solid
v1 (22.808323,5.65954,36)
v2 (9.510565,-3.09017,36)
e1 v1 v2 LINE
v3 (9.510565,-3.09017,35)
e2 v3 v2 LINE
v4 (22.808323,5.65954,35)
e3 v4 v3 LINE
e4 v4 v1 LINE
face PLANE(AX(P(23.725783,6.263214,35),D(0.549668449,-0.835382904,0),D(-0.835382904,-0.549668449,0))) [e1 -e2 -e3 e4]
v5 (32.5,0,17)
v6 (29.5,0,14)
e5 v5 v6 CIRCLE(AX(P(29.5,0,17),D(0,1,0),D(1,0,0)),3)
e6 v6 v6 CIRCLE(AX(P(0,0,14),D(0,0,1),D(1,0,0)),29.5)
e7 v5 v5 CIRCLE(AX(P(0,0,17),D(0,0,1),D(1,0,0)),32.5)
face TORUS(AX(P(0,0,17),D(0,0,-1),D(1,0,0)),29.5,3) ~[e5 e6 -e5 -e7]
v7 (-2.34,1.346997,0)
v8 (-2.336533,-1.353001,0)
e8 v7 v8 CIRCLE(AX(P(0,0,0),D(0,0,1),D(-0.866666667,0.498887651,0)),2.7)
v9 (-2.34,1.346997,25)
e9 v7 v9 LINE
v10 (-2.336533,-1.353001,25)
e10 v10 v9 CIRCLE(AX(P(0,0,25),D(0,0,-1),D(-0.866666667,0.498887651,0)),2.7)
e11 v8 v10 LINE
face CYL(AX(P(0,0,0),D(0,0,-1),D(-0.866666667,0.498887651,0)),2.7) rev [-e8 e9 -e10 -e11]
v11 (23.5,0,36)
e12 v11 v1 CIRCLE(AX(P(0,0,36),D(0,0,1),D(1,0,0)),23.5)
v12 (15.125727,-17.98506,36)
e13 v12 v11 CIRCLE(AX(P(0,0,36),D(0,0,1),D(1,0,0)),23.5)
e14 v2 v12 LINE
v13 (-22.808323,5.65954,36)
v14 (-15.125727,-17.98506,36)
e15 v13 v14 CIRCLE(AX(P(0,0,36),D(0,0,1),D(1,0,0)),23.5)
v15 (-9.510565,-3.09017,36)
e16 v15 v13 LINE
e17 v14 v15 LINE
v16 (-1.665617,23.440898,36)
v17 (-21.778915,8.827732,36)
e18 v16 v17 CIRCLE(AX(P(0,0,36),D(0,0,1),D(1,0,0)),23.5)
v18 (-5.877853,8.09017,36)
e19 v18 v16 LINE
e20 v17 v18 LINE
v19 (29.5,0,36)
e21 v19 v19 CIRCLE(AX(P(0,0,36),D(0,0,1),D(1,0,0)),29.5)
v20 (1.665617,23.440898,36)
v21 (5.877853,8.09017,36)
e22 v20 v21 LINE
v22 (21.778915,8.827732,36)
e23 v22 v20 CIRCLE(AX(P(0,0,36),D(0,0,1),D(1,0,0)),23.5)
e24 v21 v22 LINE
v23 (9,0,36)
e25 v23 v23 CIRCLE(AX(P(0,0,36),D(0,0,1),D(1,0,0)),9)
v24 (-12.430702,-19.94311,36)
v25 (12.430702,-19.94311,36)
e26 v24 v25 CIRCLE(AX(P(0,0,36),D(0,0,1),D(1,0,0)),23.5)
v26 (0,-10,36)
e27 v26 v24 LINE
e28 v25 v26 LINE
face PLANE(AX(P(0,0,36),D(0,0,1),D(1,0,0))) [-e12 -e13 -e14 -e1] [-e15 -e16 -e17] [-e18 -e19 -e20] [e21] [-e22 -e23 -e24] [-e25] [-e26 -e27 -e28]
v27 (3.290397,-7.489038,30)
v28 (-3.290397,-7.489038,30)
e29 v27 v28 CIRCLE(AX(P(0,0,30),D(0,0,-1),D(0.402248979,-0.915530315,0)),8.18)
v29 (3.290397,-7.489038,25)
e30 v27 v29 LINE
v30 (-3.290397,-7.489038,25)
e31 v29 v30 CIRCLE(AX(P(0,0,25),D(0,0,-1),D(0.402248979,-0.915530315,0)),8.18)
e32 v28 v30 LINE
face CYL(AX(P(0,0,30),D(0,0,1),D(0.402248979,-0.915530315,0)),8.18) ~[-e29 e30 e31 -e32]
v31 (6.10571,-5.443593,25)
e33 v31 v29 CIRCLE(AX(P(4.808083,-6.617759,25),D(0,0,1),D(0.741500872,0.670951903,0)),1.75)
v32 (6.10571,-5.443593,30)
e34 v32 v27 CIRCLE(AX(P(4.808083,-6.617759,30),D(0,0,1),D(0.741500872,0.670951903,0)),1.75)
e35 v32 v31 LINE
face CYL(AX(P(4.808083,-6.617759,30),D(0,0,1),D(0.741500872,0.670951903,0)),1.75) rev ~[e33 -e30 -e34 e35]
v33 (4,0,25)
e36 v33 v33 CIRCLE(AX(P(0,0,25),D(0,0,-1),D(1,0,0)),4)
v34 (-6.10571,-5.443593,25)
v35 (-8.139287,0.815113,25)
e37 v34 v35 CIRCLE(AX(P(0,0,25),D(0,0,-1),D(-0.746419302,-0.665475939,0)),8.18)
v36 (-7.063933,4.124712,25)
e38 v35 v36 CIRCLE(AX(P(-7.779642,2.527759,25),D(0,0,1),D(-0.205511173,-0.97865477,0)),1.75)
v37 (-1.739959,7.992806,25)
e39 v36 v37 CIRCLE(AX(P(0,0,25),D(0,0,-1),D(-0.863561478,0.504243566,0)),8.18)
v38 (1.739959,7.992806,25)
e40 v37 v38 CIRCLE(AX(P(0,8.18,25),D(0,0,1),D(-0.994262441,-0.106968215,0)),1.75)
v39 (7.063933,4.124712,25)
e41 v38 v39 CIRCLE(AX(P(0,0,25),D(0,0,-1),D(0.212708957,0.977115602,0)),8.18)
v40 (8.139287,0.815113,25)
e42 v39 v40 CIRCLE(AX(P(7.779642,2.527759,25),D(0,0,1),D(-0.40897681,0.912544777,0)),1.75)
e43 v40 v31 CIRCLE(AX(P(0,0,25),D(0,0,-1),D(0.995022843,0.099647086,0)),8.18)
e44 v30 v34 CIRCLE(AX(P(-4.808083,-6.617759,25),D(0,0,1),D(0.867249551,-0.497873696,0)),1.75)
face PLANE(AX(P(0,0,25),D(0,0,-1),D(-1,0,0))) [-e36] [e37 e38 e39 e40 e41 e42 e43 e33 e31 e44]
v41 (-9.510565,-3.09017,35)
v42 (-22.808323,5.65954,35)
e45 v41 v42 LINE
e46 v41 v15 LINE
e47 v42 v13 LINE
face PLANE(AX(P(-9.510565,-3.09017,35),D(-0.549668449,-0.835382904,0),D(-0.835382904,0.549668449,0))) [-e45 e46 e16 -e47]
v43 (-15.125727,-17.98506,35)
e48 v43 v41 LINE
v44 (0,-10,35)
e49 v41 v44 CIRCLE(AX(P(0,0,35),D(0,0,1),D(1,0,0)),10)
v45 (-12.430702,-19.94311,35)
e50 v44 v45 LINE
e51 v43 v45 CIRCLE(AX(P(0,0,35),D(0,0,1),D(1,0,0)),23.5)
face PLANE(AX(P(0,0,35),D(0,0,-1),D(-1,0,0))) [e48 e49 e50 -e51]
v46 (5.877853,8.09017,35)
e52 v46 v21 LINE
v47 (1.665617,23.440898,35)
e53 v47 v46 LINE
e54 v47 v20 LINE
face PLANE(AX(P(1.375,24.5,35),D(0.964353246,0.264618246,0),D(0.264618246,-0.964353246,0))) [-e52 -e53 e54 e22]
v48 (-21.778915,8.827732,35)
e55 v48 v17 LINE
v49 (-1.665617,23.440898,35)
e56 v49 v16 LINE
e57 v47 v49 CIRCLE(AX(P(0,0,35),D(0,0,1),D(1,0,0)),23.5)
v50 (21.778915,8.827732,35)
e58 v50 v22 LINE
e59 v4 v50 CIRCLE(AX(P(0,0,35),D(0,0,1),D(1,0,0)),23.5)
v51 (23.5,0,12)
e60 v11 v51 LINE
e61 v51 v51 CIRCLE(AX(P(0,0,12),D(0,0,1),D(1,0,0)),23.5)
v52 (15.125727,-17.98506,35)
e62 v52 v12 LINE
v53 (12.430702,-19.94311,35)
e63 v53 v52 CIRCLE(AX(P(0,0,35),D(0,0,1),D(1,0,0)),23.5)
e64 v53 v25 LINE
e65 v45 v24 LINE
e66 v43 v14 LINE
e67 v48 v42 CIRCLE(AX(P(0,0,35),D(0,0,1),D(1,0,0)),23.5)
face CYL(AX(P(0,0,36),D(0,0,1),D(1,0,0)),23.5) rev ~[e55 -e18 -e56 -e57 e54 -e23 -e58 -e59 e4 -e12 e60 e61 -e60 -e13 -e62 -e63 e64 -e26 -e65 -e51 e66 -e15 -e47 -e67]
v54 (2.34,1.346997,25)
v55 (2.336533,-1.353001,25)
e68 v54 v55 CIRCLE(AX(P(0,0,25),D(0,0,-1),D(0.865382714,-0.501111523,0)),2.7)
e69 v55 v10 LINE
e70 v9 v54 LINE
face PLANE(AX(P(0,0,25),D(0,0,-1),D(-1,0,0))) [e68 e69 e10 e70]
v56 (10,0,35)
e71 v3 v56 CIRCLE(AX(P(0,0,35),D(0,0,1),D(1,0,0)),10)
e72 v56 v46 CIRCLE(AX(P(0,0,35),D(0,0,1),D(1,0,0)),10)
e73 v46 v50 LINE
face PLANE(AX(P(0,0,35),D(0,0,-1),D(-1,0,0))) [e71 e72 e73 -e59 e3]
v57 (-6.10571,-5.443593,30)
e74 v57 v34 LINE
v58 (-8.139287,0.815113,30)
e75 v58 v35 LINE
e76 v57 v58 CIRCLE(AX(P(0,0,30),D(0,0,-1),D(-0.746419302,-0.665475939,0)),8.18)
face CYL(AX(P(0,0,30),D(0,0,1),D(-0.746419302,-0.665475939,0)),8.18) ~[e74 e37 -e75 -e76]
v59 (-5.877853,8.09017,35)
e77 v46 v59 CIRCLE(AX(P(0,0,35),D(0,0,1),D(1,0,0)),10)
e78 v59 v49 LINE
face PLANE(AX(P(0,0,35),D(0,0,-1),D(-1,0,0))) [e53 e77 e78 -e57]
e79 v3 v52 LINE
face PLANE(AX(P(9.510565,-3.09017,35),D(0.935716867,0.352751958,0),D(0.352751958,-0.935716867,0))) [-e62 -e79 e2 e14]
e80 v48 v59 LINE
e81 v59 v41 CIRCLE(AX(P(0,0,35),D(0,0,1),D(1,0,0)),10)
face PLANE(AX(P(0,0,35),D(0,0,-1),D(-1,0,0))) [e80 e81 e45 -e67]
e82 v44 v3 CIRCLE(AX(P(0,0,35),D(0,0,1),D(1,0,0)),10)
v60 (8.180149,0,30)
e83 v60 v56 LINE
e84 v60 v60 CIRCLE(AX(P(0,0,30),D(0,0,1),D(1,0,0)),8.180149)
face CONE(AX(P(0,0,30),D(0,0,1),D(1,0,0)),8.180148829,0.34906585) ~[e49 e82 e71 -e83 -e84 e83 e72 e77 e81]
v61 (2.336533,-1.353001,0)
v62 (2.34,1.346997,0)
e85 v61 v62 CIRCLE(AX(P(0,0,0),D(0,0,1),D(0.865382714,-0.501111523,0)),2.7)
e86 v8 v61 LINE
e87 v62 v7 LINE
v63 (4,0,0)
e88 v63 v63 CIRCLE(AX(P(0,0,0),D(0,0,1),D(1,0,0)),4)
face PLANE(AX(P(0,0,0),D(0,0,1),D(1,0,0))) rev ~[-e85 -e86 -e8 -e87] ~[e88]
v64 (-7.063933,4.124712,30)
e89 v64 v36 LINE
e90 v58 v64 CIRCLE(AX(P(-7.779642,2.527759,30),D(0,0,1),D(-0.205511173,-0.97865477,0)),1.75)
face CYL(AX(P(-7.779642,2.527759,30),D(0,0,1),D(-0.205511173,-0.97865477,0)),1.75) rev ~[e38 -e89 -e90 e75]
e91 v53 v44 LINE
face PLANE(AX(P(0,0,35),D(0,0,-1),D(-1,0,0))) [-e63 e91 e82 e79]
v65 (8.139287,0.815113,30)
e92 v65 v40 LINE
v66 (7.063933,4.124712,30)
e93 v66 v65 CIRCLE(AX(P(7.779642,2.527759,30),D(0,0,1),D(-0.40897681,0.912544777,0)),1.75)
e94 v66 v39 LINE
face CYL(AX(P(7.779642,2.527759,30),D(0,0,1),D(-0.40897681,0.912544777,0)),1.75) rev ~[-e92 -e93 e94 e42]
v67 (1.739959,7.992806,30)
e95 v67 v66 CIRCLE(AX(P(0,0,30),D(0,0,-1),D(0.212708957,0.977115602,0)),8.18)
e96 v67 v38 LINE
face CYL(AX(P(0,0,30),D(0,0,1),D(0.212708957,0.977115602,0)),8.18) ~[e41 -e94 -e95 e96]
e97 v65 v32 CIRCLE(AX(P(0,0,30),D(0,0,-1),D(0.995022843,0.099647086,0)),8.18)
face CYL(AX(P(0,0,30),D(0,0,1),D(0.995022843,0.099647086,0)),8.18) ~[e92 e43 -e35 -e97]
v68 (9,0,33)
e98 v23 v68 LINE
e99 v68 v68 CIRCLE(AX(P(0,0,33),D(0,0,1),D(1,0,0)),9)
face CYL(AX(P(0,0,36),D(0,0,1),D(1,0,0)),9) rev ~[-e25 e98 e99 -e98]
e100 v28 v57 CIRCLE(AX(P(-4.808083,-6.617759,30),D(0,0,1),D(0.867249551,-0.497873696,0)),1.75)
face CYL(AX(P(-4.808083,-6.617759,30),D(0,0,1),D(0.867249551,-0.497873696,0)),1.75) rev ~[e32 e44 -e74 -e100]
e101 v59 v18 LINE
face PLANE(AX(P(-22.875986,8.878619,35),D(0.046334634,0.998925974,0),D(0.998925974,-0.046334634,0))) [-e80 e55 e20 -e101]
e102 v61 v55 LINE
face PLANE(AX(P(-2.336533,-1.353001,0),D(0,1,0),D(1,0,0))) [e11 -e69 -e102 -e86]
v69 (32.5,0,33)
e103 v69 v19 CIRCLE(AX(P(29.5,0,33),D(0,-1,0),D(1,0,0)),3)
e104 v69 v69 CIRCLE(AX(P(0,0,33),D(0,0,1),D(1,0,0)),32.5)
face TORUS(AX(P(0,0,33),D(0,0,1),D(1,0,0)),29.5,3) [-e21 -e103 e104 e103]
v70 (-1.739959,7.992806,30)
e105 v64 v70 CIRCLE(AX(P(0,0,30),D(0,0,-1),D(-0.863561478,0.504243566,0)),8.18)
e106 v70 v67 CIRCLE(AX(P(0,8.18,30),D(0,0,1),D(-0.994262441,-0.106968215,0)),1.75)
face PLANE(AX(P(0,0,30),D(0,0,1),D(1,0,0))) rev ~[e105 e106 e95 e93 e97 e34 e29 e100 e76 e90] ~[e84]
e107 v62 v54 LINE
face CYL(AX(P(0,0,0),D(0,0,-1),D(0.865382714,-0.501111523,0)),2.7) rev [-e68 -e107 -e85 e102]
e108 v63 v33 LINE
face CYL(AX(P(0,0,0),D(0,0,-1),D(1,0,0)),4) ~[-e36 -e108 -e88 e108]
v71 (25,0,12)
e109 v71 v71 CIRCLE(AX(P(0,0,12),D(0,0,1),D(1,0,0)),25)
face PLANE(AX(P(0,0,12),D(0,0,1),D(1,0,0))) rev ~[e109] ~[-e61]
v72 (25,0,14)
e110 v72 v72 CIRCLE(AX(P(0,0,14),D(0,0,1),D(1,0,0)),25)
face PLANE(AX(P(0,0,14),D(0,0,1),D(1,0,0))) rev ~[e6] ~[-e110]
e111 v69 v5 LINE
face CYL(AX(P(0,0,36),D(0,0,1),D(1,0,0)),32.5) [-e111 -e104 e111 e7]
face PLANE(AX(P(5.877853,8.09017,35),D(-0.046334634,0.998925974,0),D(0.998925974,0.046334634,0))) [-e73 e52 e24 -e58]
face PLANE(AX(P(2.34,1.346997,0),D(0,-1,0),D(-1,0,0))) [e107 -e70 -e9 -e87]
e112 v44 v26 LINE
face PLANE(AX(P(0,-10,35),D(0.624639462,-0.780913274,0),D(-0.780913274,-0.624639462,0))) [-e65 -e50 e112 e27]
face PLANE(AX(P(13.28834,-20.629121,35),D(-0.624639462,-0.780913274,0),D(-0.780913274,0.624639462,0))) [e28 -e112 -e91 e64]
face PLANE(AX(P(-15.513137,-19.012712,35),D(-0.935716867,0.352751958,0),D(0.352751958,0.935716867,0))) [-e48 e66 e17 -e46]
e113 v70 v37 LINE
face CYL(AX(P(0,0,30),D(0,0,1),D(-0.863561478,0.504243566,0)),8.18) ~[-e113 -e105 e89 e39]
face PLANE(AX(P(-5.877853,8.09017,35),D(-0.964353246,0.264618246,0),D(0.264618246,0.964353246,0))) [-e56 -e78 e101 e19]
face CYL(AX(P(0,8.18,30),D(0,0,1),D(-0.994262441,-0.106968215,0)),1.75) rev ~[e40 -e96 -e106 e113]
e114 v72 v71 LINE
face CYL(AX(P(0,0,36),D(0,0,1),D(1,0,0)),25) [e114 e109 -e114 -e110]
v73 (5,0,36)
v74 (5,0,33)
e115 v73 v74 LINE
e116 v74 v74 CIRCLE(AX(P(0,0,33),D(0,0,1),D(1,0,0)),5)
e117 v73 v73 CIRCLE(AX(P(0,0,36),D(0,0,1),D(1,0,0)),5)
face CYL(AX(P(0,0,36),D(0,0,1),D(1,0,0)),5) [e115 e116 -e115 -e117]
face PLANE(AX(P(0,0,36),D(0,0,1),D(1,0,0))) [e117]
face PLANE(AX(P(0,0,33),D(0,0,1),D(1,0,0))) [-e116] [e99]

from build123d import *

# Parameters (mm, degrees)
SKETCH_1_R          = 4
EXTRUDE_1_DEPTH     = 30
SKETCH_2_R          = 10
EXTRUDE_2_DEPTH     = 5
DRAFT_1_ANGLE       = -20
EXTRUDE_3_DEPTH     = 5
EXTRUDE_4_DEPTH     = 1
SKETCH_5_R          = 25
SKETCH_5_R_2        = 23.5
EXTRUDE_5_DEPTH     = 24
SKETCH_6_R          = 9
SKETCH_6_R_2        = 5
CUT_EXTRUDE_1_DEPTH = 3
SKETCH_7_R          = 32.5
SKETCH_7_R_2        = 25
EXTRUDE_6_DEPTH     = 22
FILLET_1_R          = 3


with BuildPart() as part:
    # 草图1 → 凸台-拉伸1 (new body)
    with BuildSketch(Plane.XY):
        Circle(SKETCH_1_R)
        with BuildLine():
            Line((-2.336533326, -1.353001115), (2.336533326, -1.353001115))
            ThreePointArc((2.336533326, -1.353001115), (2.699997774, -0.003466674), (2.34, 1.346996659))
            Line((2.34, 1.346996659), (-2.34, 1.346996659))
            ThreePointArc((-2.34, 1.346996659), (-2.699997774, -0.003466674), (-2.336533326, -1.353001115))
        make_face(mode=Mode.SUBTRACT)
    extrude(amount=EXTRUDE_1_DEPTH)

    # 草图2 → 凸台-拉伸2 (add)
    with BuildSketch(Plane.XY.offset(30)):
        Circle(SKETCH_2_R)
    extrude(amount=EXTRUDE_2_DEPTH)

    # 拔模1
    draft_1_faces = [part.faces().sort_by_distance(p)[0] for p in [
        (-10, 0, 32.5),
    ]]
    draft(draft_1_faces, Plane.XY.offset(35), DRAFT_1_ANGLE)

    # 草图3 → 凸台-拉伸3 (add)
    with BuildSketch(Plane(origin=(0, 0, 30), x_dir=(-1, 0, 0), z_dir=(0, 0, -1))):
        with BuildLine():
            ThreePointArc((-8.139286856, 0.815113167), (-7.779642303, -2.527759014), (-6.10570989, -5.443593183))
            ThreePointArc((-6.10570989, -5.443593183), (-3.779459172, -5.201979274), (-3.29039665, -7.489037981))
            ThreePointArc((-3.29039665, -7.489037981), (0, -8.18), (3.29039665, -7.489037981))
            ThreePointArc((3.29039665, -7.489037981), (3.779459172, -5.201979274), (6.10570989, -5.443593183))
            ThreePointArc((6.10570989, -5.443593183), (7.779642303, -2.527759014), (8.139286856, 0.815113167))
            ThreePointArc((8.139286856, 0.815113167), (6.1152934, 1.986979274), (7.063932887, 4.124712373))
            ThreePointArc((7.063932887, 4.124712373), (4.808083364, 6.617759014), (1.739959271, 7.992805623))
            ThreePointArc((1.739959271, 7.992805623), (0, 6.43), (-1.739959271, 7.992805623))
            ThreePointArc((-1.739959271, 7.992805623), (-4.808083364, 6.617759014), (-7.063932887, 4.124712373))
            ThreePointArc((-7.063932887, 4.124712373), (-6.1152934, 1.986979274), (-8.139286856, 0.815113167))
        make_face()
    extrude(amount=EXTRUDE_3_DEPTH)

    # 草图4 → 凸台-拉伸4 (add)
    with BuildSketch(Plane.XY.offset(35)):
        Polygon((-1.375, 24.5), (1.375, 24.5), (5.877852523, 8.090169944), (22.875986282, 8.878619072), (23.725783016, 6.263213652), (9.510565163, -3.090169944), (15.513137048, -19.01271164), (13.288340314, -20.629121084), (0, -10), (-13.288340314, -20.629121084), (-15.513137048, -19.01271164), (-9.510565163, -3.090169944), (-23.725783016, 6.263213652), (-22.875986282, 8.878619072), (-5.877852523, 8.090169944), align=None)
    extrude(amount=EXTRUDE_4_DEPTH)

    # 草图5 → 凸台-拉伸5 (add)
    with BuildSketch(Plane.XY.offset(36)):
        Circle(SKETCH_5_R)
        Circle(SKETCH_5_R_2, mode=Mode.SUBTRACT)
    extrude(amount=-EXTRUDE_5_DEPTH)

    # 草图6 → 切除-拉伸1 (cut)
    with BuildSketch(Plane.XY.offset(36)):
        Circle(SKETCH_6_R)
        Circle(SKETCH_6_R_2, mode=Mode.SUBTRACT)
    extrude(amount=-CUT_EXTRUDE_1_DEPTH, mode=Mode.SUBTRACT)

    # 草图7 → 凸台-拉伸6 (add)
    with BuildSketch(Plane.XY.offset(36)):
        Circle(SKETCH_7_R)
        Circle(SKETCH_7_R_2, mode=Mode.SUBTRACT)
    extrude(amount=-EXTRUDE_6_DEPTH)

    # 圆角1
    fillet_1_edges = [part.edges().sort_by_distance(p)[0] for p in [
        (-32.5, 0, 14),
        (-32.5, 0, 36),
    ]]
    fillet(fillet_1_edges, radius=FILLET_1_R)


solid = part.part
